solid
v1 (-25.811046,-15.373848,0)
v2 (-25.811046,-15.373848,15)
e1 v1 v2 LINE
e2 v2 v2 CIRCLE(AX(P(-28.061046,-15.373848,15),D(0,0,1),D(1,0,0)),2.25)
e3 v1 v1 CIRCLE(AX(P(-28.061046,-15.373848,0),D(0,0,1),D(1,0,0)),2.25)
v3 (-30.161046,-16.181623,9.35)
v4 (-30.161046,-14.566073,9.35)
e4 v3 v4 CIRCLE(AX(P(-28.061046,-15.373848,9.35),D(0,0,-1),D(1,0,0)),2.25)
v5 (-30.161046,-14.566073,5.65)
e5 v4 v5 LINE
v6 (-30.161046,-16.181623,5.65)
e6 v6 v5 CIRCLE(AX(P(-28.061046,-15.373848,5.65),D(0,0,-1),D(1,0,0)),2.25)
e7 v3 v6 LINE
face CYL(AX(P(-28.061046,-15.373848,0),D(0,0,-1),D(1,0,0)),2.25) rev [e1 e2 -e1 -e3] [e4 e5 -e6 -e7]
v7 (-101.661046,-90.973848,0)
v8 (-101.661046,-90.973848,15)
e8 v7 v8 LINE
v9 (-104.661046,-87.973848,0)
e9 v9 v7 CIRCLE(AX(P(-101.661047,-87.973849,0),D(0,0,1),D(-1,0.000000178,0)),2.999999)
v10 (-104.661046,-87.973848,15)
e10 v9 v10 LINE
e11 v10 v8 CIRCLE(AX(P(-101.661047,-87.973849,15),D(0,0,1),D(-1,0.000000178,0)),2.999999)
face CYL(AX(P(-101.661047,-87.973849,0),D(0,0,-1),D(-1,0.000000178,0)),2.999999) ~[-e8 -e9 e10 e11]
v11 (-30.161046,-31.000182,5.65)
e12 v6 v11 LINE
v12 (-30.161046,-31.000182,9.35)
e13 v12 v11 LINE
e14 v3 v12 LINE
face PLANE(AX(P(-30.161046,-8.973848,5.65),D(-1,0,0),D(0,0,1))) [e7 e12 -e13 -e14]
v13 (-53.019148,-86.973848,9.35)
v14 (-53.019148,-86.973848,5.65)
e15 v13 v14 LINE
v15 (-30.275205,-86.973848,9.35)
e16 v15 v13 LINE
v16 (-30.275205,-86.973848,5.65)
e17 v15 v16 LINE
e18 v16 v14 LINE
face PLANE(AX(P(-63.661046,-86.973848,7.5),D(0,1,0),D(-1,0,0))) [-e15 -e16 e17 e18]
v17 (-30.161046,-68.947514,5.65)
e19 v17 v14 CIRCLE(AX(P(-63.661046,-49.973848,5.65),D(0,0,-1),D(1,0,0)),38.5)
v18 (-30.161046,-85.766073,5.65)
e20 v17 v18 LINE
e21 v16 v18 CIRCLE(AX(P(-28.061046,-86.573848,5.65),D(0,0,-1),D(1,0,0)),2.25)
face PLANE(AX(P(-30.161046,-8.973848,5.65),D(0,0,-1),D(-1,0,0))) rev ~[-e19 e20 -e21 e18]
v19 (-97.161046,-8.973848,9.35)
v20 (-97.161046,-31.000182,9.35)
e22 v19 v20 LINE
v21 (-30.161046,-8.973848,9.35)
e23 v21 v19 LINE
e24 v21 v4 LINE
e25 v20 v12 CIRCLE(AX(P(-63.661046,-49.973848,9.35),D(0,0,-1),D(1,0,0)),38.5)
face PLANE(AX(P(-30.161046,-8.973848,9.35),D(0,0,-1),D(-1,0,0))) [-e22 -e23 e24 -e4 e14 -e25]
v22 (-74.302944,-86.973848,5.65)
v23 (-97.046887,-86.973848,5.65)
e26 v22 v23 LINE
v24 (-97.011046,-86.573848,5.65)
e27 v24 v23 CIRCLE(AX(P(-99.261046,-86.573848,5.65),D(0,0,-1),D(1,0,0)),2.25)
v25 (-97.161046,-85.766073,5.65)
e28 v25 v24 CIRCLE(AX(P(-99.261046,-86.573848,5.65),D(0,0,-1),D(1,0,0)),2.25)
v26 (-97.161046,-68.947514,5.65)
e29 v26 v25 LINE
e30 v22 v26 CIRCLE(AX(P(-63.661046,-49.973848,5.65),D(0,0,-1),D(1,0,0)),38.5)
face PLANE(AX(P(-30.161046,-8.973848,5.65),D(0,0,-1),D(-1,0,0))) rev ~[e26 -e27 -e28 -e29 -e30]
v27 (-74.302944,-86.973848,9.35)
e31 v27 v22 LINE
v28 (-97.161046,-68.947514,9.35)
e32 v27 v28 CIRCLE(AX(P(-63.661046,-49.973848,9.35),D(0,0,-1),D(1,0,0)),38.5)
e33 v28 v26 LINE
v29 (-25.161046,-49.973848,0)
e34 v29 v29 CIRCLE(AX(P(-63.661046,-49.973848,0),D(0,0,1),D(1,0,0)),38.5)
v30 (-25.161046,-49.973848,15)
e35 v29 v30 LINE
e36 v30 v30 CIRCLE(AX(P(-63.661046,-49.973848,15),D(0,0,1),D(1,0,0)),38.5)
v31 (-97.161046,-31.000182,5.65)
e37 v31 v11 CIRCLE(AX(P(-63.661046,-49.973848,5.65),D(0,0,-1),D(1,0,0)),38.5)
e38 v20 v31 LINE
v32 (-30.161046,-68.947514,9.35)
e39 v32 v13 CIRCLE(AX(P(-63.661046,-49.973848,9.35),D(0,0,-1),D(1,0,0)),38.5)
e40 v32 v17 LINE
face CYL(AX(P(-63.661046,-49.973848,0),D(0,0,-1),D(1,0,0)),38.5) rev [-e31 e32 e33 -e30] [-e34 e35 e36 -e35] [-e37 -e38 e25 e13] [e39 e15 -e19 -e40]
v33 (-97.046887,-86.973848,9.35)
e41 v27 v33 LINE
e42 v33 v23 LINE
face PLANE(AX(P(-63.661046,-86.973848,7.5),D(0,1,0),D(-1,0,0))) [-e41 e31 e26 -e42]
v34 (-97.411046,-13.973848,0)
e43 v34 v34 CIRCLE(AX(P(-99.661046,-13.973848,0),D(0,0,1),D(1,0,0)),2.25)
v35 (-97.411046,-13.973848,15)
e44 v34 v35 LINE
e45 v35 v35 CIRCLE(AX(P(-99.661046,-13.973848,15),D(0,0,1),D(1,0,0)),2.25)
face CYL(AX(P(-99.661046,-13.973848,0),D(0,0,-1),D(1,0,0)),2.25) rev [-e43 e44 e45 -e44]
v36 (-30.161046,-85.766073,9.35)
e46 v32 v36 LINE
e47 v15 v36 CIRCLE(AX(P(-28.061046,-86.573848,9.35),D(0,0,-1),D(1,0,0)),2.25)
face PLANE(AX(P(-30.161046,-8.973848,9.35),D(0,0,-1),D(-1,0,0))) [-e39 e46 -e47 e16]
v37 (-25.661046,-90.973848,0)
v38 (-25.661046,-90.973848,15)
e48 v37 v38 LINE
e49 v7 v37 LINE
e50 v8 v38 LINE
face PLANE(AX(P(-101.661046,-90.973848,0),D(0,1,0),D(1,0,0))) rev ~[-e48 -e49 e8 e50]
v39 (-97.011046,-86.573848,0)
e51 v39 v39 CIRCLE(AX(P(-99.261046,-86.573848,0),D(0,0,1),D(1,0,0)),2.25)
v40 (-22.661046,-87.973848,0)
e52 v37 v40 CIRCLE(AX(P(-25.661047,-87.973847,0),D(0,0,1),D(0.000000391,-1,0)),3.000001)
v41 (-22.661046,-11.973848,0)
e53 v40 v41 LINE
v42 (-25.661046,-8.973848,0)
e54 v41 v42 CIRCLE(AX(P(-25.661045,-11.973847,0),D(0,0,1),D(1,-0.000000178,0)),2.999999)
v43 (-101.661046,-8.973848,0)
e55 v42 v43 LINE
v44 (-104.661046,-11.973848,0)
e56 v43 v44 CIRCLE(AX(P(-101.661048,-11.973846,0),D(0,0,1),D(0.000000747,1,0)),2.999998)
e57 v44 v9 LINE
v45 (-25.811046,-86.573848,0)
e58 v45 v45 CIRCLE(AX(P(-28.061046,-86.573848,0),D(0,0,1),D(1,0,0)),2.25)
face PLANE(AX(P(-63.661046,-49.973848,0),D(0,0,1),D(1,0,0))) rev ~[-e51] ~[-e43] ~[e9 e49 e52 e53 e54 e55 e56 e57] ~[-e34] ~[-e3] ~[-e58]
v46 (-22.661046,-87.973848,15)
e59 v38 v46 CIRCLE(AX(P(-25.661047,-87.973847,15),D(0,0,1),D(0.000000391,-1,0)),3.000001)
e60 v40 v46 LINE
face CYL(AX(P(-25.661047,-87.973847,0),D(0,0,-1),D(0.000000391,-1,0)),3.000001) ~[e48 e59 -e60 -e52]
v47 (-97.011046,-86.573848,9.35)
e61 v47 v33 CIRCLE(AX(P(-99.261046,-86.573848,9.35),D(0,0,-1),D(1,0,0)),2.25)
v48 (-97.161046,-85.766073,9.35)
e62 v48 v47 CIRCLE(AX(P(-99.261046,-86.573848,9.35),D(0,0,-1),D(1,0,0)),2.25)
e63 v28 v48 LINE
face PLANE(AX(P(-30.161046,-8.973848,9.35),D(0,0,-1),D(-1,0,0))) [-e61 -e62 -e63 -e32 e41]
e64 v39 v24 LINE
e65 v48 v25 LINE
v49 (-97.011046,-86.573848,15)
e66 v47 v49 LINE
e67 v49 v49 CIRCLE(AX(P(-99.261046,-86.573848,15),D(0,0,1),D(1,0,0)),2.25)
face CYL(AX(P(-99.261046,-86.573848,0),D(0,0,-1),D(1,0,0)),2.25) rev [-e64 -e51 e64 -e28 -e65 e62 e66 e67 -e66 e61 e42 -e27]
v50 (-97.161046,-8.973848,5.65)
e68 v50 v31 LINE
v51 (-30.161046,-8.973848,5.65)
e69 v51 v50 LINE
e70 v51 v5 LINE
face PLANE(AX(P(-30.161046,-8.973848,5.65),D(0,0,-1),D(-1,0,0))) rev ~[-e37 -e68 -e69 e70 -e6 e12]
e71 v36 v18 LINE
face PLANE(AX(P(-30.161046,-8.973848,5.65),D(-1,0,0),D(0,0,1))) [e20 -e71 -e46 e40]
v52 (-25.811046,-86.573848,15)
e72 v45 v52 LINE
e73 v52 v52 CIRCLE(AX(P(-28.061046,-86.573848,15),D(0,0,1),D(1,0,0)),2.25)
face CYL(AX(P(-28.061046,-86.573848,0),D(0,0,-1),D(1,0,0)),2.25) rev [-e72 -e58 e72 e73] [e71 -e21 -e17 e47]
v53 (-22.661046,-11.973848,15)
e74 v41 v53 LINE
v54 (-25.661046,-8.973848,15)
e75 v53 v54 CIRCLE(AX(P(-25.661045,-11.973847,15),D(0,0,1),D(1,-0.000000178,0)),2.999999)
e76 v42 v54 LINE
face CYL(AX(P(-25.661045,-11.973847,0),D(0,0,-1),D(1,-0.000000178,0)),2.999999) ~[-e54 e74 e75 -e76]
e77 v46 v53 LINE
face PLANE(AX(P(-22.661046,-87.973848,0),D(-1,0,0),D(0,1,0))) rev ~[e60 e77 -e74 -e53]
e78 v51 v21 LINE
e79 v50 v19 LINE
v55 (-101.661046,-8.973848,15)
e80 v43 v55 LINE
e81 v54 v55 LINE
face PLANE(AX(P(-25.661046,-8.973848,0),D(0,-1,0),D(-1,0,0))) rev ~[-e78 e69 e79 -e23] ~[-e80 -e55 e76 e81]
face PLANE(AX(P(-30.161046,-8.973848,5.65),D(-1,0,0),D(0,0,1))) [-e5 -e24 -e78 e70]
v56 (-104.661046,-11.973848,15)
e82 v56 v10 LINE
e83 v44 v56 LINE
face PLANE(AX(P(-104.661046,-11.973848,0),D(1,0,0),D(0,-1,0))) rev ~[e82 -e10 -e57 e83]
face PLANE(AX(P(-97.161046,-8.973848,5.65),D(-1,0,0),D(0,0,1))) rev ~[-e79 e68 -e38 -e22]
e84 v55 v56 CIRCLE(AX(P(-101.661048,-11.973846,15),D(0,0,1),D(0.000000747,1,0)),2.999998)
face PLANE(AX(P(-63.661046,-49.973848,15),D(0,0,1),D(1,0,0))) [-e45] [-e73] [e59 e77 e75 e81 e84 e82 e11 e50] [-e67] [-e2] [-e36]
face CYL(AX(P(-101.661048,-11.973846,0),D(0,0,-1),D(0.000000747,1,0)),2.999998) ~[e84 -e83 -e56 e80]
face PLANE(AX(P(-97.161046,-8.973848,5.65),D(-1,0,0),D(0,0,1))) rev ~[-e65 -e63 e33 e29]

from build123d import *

# Parameters (mm, degrees)
F0_R     = 2.25
F0_R_2   = 38.5
F1_DEPTH = 15
F2_W     = 67
F2_H     = 3.7
F3_DEPTH = 78


with BuildPart() as f1:
    # F0 (on Top) → F1 (new body)
    with BuildSketch(Plane.XY):
        with BuildLine():
            ThreePointArc((-22.661046, -11.973848), (-23.539726, -9.852527), (-25.661046, -8.973848))
            Line((-25.661046, -8.973848), (-101.661046, -8.973848))
            ThreePointArc((-101.661046, -8.973848), (-103.782367, -9.852527), (-104.661046, -11.973848))
            Line((-104.661046, -11.973848), (-104.661046, -87.973848))
            ThreePointArc((-104.661046, -87.973848), (-103.782367, -90.095168), (-101.661046, -90.973848))
            Line((-101.661046, -90.973848), (-25.661046, -90.973848))
            ThreePointArc((-25.661046, -90.973848), (-23.539726, -90.095168), (-22.661046, -87.973848))
            Line((-22.661046, -87.973848), (-22.661046, -11.973848))
        make_face()
        with Locations((-99.261046, -86.573848)):
            Circle(F0_R, mode=Mode.SUBTRACT)
        with Locations((-28.061046, -86.573848)):
            Circle(F0_R, mode=Mode.SUBTRACT)
        with Locations((-63.661046, -49.973848)):
            Circle(F0_R_2, mode=Mode.SUBTRACT)
        with Locations((-99.661046, -13.973848)):
            Circle(F0_R, mode=Mode.SUBTRACT)
        with Locations((-28.061046, -15.373848)):
            Circle(F0_R, mode=Mode.SUBTRACT)
    extrude(amount=F1_DEPTH)

    # F2 (on face) → F3 (cut)
    with BuildSketch(Plane(origin=(0, -8.973848, 0), x_dir=(-1, 0, 0), z_dir=(0, 1, 0))):
        with Locations((63.661046, 7.5)):
            Rectangle(F2_W, F2_H)
    extrude(amount=-F3_DEPTH, mode=Mode.SUBTRACT)


solid = f1.part
